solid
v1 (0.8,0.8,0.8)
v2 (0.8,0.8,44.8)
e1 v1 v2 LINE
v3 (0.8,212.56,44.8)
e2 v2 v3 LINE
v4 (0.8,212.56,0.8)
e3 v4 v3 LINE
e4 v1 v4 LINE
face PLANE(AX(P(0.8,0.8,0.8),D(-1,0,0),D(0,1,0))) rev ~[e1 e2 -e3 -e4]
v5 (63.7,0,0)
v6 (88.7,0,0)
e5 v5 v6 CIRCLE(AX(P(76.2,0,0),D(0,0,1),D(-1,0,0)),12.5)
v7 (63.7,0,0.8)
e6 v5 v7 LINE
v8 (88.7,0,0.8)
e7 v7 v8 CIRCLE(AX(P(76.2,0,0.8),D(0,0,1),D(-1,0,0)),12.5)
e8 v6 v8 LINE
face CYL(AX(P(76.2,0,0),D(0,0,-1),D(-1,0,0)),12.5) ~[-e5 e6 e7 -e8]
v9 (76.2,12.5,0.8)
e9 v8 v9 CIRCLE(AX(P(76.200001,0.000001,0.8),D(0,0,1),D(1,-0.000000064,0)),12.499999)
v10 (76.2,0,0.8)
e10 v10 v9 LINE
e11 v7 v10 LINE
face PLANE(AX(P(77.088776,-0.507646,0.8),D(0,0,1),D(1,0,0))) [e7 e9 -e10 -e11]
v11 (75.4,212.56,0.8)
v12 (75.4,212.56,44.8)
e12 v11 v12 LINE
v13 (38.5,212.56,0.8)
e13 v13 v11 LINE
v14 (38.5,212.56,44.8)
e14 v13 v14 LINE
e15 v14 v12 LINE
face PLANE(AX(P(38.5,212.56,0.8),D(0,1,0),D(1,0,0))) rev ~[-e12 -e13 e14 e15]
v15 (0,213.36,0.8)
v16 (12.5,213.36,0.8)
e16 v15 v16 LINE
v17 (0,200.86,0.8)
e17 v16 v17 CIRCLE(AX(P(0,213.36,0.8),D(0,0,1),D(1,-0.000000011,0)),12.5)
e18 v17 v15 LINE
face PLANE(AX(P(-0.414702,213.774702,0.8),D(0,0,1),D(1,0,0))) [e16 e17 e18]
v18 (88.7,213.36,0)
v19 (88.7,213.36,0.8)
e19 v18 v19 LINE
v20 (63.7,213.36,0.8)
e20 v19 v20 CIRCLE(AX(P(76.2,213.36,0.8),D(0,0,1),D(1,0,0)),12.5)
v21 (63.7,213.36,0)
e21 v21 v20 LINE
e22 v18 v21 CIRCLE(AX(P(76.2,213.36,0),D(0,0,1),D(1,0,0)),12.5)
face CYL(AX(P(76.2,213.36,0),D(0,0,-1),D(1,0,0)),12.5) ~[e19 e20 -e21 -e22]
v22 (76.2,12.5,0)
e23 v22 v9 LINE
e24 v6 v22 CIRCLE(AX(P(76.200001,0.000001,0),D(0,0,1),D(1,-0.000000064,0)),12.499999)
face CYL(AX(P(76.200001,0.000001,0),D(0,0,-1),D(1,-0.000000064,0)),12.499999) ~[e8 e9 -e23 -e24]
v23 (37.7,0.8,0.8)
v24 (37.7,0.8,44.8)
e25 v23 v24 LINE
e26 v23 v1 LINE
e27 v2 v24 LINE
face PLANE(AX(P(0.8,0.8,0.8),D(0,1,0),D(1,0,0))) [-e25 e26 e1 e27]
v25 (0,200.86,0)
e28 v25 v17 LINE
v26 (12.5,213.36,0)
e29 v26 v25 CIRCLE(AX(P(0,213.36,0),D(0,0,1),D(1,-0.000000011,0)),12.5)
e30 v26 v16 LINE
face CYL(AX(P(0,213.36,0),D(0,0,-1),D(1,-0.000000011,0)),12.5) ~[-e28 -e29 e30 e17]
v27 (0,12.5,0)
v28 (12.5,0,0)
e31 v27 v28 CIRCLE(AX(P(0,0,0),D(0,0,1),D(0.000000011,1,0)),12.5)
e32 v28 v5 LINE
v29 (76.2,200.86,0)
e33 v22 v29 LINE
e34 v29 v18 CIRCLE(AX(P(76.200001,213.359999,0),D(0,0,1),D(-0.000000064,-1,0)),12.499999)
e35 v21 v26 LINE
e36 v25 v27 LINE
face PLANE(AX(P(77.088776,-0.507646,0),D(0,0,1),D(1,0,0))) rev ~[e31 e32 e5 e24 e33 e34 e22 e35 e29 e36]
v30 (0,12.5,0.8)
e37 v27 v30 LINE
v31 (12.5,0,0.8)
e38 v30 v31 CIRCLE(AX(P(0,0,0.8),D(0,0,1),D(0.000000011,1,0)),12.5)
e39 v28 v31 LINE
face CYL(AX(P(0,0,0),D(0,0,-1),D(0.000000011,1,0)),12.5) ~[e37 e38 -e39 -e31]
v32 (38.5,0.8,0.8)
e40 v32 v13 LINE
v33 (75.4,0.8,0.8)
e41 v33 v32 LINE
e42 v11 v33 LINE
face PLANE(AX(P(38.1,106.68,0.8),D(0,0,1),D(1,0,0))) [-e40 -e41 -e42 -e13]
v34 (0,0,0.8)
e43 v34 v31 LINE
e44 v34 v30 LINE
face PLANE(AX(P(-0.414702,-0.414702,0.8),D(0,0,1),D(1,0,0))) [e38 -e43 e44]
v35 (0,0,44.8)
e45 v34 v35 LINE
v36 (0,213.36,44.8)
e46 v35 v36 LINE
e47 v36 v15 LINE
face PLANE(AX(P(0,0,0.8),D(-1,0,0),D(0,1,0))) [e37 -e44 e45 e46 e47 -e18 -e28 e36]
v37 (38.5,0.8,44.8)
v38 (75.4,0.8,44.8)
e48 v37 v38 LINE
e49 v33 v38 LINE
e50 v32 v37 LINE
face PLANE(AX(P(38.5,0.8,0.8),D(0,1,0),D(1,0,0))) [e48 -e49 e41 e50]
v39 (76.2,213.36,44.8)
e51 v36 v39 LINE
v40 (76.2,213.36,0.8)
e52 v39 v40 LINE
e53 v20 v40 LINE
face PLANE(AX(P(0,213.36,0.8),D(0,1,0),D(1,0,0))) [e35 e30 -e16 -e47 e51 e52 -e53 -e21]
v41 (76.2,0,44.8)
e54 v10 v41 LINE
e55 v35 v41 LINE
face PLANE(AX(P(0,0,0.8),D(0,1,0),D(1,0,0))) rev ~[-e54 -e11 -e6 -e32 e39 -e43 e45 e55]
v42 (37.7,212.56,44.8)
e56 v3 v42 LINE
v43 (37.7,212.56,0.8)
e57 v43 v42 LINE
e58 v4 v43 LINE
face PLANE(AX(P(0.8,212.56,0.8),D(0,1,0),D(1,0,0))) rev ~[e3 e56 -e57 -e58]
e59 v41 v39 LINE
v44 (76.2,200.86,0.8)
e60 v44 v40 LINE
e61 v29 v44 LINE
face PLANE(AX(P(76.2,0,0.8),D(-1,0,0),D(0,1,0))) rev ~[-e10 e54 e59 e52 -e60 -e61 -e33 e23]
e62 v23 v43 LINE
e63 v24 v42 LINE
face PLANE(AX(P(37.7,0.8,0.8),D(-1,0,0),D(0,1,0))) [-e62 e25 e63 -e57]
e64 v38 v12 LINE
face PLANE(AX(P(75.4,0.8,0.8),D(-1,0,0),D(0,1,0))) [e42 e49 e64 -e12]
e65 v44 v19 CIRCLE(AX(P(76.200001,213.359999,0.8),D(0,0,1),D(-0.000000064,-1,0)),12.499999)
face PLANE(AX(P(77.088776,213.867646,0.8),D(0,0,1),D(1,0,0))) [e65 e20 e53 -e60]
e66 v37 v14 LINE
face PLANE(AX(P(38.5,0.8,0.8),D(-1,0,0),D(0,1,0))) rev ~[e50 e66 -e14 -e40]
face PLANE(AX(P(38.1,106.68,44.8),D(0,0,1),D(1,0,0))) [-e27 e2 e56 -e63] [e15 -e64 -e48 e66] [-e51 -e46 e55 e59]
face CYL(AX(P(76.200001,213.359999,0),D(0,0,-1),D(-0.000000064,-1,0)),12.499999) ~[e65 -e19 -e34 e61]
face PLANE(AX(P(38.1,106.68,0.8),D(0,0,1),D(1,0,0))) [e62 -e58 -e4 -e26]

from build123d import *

# Parameters (mm, degrees)
F1_DEPTH = 0.8
F2_W     = 76.2
F2_H     = 213.36
F2_W_2   = 36.9
F2_H_2   = 211.76
F3_DEPTH = 44
F4_DEPTH = 0.8


with BuildPart() as f1:
    # F0 (on Top) → F1 (new body)
    with BuildSketch(Plane.XY):
        with BuildLine():
            ThreePointArc((0, 12.5), (8.838835, 8.838835), (12.5, 0))
            Line((12.5, 0), (63.7, 0))
            ThreePointArc((63.7, 0), (67.361165, 8.838835), (76.2, 12.5))
            Line((76.2, 12.5), (76.2, 200.86))
            ThreePointArc((76.2, 200.86), (67.361165, 204.521165), (63.7, 213.36))
            Line((63.7, 213.36), (12.5, 213.36))
            ThreePointArc((12.5, 213.36), (8.838835, 204.521165), (0, 200.86))
            Line((0, 200.86), (0, 12.5))
        make_face()
        with BuildLine():
            Line((0, 12.5), (0, 0))
            Line((0, 0), (12.5, 0))
            ThreePointArc((12.5, 0), (8.838835, 8.838835), (0, 12.5))
        make_face()
        with BuildLine():
            ThreePointArc((63.7, 213.36), (67.361165, 204.521165), (76.2, 200.86))
            Line((76.2, 200.86), (76.2, 213.36))
            Line((76.2, 213.36), (63.7, 213.36))
        make_face()
        with BuildLine():
            Line((0, 213.36), (0, 200.86))
            ThreePointArc((0, 200.86), (8.838835, 204.521165), (12.5, 213.36))
            Line((12.5, 213.36), (0, 213.36))
        make_face()
    extrude(amount=F1_DEPTH)

    # F2 (on face) → F3 (join)
    with BuildSketch(Plane.XY.offset(0.8)):
        with Locations((38.1, 106.68)):
            Rectangle(F2_W, F2_H)
        with Locations((19.25, 106.68)):
            Rectangle(F2_W_2, F2_H_2, mode=Mode.SUBTRACT)
        with Locations((56.95, 106.68)):
            Rectangle(F2_W_2, F2_H_2, mode=Mode.SUBTRACT)
    extrude(amount=F3_DEPTH)

    # F0 (on Top) → F4 (join, through all)
    with BuildSketch(Plane.XY):
        with BuildLine():
            Line((76.2, 0), (63.7, 0))
            ThreePointArc((63.7, 0), (76.2, -12.5), (88.7, 0))
            ThreePointArc((88.7, 0), (85.038835, 8.838835), (76.2, 12.5))
            Line((76.2, 12.5), (76.2, 0))
        make_face()
        with BuildLine():
            Line((12.5, 0), (0, 0))
            Line((0, 0), (0, 12.5))
            ThreePointArc((0, 12.5), (-8.838835, -8.838835), (12.5, 0))
        make_face()
        with BuildLine():
            ThreePointArc((12.5, 213.36), (-8.838835, 222.198835), (0, 200.86))
            Line((0, 200.86), (0, 213.36))
            Line((0, 213.36), (12.5, 213.36))
        make_face()
        with BuildLine():
            Line((76.2, 213.36), (76.2, 200.86))
            ThreePointArc((76.2, 200.86), (85.038835, 204.521165), (88.7, 213.36))
            ThreePointArc((88.7, 213.36), (76.2, 225.86), (63.7, 213.36))
            Line((63.7, 213.36), (76.2, 213.36))
        make_face()
        with BuildLine():
            ThreePointArc((76.2, 12.5), (67.361165, 8.838835), (63.7, 0))
            Line((63.7, 0), (76.2, 0))
            Line((76.2, 0), (76.2, 12.5))
        make_face()
        with BuildLine():
            Line((0, 12.5), (0, 0))
            Line((0, 0), (12.5, 0))
            ThreePointArc((12.5, 0), (8.838835, 8.838835), (0, 12.5))
        make_face()
        with BuildLine():
            Line((0, 213.36), (0, 200.86))
            ThreePointArc((0, 200.86), (8.838835, 204.521165), (12.5, 213.36))
            Line((12.5, 213.36), (0, 213.36))
        make_face()
        with BuildLine():
            ThreePointArc((63.7, 213.36), (67.361165, 204.521165), (76.2, 200.86))
            Line((76.2, 200.86), (76.2, 213.36))
            Line((76.2, 213.36), (63.7, 213.36))
        make_face()
    extrude(amount=F4_DEPTH)


solid = f1.part
